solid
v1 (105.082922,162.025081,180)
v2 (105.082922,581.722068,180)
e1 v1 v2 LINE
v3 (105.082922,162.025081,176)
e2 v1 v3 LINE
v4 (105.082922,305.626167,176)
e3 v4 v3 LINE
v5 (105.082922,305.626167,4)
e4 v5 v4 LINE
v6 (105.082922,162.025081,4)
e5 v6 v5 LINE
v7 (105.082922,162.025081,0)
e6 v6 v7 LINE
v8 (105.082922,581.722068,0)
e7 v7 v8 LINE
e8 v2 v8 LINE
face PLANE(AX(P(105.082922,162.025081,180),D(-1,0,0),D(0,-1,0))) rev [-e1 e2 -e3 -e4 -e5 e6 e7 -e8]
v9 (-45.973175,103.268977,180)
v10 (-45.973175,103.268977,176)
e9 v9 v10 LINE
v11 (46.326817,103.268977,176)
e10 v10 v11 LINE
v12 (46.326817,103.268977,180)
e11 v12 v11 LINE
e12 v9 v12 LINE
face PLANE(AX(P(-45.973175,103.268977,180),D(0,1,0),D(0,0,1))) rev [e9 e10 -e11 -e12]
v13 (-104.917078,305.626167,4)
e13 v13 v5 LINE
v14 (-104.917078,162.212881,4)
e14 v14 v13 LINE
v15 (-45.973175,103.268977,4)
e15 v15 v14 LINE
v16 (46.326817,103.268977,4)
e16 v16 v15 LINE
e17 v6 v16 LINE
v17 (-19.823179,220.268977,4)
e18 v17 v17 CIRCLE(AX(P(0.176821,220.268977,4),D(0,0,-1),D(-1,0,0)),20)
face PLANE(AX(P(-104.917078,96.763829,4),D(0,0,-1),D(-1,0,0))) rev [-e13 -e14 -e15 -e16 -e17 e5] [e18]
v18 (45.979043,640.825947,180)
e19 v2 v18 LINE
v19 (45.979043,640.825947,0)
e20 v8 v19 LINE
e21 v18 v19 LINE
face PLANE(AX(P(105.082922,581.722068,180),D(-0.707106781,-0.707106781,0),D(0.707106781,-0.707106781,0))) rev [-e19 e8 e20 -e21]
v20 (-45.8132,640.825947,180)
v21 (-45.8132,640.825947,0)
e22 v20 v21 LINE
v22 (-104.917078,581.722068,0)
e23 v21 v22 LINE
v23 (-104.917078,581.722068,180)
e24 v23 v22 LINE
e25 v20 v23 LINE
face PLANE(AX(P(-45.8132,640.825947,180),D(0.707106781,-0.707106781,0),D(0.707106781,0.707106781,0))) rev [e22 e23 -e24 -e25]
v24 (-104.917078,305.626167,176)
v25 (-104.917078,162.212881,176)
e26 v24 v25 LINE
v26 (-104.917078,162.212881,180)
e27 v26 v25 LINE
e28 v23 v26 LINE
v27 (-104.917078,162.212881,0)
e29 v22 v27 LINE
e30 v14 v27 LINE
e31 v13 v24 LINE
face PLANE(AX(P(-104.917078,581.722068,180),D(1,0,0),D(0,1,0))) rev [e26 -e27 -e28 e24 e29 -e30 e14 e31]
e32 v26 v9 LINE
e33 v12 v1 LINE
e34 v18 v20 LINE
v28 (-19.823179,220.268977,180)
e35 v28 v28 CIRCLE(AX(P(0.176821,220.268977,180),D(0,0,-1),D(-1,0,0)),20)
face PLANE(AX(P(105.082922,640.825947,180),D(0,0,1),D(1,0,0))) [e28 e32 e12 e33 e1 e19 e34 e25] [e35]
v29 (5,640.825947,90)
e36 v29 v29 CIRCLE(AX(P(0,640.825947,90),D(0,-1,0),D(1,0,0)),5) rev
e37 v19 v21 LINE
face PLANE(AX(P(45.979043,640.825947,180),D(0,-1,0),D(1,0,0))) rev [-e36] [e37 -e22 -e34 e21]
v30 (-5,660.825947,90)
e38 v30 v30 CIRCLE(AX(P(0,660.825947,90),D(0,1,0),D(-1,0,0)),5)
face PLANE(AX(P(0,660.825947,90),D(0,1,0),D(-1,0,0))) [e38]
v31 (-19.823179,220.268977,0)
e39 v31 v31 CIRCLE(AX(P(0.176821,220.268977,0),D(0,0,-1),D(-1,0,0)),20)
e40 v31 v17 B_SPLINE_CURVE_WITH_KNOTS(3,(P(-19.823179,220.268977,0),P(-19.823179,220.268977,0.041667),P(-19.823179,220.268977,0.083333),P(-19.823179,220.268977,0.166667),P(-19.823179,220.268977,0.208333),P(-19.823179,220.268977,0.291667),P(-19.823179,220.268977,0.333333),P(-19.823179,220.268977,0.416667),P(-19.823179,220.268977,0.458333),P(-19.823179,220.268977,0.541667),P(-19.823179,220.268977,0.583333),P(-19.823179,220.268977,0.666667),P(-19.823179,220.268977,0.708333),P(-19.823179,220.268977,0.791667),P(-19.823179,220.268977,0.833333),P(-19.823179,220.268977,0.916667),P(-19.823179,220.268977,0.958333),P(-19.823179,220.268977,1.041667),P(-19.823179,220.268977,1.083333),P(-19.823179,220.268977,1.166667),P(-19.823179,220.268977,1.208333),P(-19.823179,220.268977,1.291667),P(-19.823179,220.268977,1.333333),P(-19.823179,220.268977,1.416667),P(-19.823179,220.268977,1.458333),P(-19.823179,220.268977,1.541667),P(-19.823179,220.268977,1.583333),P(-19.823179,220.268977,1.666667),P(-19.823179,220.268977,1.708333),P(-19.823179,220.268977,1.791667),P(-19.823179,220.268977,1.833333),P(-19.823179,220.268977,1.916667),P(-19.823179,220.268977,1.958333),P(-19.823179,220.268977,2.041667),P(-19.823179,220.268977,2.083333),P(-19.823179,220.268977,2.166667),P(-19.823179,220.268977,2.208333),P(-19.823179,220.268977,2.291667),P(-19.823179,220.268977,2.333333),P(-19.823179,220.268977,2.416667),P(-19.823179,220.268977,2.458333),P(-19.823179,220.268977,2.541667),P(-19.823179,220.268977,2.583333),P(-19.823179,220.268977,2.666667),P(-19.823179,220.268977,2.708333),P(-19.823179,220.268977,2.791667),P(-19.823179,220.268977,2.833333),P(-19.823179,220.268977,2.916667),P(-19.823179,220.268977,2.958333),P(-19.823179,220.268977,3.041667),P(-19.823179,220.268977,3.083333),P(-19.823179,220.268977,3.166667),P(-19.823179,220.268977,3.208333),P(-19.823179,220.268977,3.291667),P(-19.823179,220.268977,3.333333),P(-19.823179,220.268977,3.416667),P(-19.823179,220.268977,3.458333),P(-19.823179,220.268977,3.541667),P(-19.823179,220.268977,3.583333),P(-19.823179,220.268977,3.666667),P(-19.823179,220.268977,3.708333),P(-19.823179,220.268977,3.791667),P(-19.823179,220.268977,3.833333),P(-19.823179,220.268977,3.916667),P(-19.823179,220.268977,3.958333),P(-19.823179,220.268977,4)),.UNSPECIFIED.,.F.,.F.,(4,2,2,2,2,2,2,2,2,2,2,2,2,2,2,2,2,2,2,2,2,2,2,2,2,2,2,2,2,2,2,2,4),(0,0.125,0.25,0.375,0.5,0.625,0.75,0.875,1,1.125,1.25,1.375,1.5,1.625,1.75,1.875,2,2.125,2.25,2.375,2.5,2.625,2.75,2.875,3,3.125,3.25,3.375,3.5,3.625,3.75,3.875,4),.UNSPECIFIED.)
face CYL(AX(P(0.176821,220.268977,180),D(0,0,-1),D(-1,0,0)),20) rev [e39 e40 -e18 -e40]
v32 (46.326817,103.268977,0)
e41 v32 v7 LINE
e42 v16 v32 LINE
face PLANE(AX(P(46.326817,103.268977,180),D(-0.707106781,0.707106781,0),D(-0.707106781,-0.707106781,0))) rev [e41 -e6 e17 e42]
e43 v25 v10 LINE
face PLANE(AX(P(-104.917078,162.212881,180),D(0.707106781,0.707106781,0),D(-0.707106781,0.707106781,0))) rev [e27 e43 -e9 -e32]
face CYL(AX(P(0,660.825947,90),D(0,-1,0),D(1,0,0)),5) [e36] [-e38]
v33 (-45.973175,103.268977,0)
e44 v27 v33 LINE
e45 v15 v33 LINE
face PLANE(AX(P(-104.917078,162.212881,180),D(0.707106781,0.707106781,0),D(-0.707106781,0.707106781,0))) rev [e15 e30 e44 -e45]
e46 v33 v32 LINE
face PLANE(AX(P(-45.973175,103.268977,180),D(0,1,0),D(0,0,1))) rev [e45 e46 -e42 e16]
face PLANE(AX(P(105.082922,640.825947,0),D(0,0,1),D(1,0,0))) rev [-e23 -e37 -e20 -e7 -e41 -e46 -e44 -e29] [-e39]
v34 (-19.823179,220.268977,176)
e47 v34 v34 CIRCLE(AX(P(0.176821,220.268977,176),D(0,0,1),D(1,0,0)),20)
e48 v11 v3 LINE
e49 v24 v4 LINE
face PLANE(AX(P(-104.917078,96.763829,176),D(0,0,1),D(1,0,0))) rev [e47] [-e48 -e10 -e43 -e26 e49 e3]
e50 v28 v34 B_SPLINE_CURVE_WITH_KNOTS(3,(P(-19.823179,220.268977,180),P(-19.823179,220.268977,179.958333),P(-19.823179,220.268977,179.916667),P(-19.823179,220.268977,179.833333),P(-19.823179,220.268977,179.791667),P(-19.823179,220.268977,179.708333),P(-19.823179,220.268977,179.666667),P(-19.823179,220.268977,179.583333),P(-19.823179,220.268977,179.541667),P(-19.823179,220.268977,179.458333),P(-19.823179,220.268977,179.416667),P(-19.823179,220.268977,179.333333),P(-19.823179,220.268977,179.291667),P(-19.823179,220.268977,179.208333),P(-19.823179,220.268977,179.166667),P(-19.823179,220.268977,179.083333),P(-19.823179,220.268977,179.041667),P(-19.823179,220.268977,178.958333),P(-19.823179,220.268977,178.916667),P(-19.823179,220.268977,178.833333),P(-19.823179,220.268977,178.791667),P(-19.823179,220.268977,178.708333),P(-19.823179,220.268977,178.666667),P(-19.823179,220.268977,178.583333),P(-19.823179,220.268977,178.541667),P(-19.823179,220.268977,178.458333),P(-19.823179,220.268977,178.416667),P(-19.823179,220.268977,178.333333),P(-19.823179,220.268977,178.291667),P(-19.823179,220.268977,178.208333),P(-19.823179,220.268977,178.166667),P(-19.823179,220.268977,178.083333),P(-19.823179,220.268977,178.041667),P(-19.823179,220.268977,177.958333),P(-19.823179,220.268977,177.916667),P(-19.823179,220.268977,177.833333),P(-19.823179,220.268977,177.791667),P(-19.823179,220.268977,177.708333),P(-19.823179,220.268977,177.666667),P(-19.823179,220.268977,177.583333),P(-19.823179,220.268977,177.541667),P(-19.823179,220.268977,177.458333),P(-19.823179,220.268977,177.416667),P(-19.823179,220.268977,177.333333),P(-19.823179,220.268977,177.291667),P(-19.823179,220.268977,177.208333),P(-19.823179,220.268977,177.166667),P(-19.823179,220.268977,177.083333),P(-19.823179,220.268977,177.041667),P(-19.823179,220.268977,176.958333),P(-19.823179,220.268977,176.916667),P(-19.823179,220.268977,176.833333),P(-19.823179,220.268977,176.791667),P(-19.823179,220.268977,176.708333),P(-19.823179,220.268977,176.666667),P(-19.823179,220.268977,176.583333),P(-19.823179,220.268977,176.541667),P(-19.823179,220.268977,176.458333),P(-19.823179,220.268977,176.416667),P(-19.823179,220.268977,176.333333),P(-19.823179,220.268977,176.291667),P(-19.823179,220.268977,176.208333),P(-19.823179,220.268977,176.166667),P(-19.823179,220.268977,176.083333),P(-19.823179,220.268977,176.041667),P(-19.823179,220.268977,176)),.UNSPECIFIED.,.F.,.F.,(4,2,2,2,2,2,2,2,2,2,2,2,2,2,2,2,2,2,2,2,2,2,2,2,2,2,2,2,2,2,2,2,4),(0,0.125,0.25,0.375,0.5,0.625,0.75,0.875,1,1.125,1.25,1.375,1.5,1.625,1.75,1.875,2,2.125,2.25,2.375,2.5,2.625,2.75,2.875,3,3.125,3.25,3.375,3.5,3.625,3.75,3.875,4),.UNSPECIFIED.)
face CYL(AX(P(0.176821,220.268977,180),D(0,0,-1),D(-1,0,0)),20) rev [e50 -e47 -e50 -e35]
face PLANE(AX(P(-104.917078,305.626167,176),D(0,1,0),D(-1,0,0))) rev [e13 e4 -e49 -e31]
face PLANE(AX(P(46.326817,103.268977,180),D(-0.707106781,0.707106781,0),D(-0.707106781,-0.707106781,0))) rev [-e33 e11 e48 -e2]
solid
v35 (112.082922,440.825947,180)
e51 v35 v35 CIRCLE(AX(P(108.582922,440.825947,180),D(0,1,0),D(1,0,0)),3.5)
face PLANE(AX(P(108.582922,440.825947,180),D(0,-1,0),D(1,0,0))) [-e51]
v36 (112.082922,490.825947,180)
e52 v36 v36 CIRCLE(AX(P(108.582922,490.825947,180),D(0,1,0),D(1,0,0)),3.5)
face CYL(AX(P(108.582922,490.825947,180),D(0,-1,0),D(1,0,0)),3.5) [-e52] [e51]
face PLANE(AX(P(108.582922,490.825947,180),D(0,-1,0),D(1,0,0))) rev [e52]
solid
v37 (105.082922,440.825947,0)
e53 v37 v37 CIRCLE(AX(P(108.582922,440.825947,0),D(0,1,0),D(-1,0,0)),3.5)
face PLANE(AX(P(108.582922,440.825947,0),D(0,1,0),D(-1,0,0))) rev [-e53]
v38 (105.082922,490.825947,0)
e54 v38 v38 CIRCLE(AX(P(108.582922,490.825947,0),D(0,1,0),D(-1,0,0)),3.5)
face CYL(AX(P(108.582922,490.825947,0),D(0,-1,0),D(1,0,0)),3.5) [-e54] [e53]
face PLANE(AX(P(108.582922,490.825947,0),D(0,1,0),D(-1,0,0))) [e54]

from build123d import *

# Parameters (mm, degrees)
EXTRUDE_1_DEPTH       = 180
SKETCH1_W             = 172
SKETCH1_H             = 208.862338185
CUT_EXTRUDE1_DEPTH    = 698.966972306
SKETCH2_R             = 20
CUT_EXTRUDE2_DEPTH    = 674.869657154
SKETCH3_R             = 3.5
BOSS_EXTRUDE1_DEPTH   = 50
BOSS_EXTRUDE1_2_DEPTH = 50
SKETCH4_R             = 5
BOSS_EXTRUDE2_DEPTH   = 20


with BuildPart() as part:
    # Эскиз1 → Вытянуть1 (new body)
    with BuildSketch(Plane.XY):
        Polygon((105.082921559, 581.722068254), (45.979042749, 640.825947064), (-45.813199631, 640.825947064), (-104.917078441, 581.722068254), (-104.917078441, 162.212880509), (-45.97317451, 103.268976578), (46.326817337, 103.268976578), (105.082921559, 162.0250808), align=None)
    extrude(amount=EXTRUDE_1_DEPTH)

    # Sketch1 → Cut-Extrude1 (cut, through all)
    with BuildSketch(Plane(origin=(105.082921559, 0, 0), x_dir=(0, 0, -1), z_dir=(1, 0, 0))):
        with Locations((-90, 201.194997681)):
            Rectangle(SKETCH1_W, SKETCH1_H)
    extrude(amount=-CUT_EXTRUDE1_DEPTH, mode=Mode.SUBTRACT)

    # Sketch2 → Cut-Extrude2 (cut, through all)
    with BuildSketch(Plane(origin=(0, 0, 0), x_dir=(-1, 0, 0), z_dir=(0, 0, -1))):
        with Locations((-0.176821413, 220.268976578)):
            Circle(SKETCH2_R)
    extrude(amount=-CUT_EXTRUDE2_DEPTH, mode=Mode.SUBTRACT)

    # Sketch4 → Boss-Extrude2 (add)
    with BuildSketch(Plane(origin=(0, 640.825947064, 0), x_dir=(1, 0, 0), z_dir=(0, 1, 0))):
        with Locations((0, -90)):
            Circle(SKETCH4_R)
    extrude(amount=BOSS_EXTRUDE2_DEPTH)


with BuildPart() as body_2:
    # Sketch3 → Boss-Extrude1 (new body)
    with BuildSketch(Plane(origin=(0, 440.825947064, 0), x_dir=(1, 0, 0), z_dir=(0, 1, 0))):
        with Locations(Location((108.582921559, 0, 0), (0, 0, 180))):
            Circle(SKETCH3_R)
    extrude(amount=BOSS_EXTRUDE1_DEPTH)


with BuildPart() as body_3:
    # Sketch3 → Boss-Extrude1 2 (new body)
    with BuildSketch(Plane(origin=(0, 440.825947064, 0), x_dir=(1, 0, 0), z_dir=(0, 1, 0))):
        with Locations((108.582921559, -180)):
            Circle(SKETCH3_R)
    extrude(amount=BOSS_EXTRUDE1_2_DEPTH)


solid = Compound([part.part, body_2.part, body_3.part])
